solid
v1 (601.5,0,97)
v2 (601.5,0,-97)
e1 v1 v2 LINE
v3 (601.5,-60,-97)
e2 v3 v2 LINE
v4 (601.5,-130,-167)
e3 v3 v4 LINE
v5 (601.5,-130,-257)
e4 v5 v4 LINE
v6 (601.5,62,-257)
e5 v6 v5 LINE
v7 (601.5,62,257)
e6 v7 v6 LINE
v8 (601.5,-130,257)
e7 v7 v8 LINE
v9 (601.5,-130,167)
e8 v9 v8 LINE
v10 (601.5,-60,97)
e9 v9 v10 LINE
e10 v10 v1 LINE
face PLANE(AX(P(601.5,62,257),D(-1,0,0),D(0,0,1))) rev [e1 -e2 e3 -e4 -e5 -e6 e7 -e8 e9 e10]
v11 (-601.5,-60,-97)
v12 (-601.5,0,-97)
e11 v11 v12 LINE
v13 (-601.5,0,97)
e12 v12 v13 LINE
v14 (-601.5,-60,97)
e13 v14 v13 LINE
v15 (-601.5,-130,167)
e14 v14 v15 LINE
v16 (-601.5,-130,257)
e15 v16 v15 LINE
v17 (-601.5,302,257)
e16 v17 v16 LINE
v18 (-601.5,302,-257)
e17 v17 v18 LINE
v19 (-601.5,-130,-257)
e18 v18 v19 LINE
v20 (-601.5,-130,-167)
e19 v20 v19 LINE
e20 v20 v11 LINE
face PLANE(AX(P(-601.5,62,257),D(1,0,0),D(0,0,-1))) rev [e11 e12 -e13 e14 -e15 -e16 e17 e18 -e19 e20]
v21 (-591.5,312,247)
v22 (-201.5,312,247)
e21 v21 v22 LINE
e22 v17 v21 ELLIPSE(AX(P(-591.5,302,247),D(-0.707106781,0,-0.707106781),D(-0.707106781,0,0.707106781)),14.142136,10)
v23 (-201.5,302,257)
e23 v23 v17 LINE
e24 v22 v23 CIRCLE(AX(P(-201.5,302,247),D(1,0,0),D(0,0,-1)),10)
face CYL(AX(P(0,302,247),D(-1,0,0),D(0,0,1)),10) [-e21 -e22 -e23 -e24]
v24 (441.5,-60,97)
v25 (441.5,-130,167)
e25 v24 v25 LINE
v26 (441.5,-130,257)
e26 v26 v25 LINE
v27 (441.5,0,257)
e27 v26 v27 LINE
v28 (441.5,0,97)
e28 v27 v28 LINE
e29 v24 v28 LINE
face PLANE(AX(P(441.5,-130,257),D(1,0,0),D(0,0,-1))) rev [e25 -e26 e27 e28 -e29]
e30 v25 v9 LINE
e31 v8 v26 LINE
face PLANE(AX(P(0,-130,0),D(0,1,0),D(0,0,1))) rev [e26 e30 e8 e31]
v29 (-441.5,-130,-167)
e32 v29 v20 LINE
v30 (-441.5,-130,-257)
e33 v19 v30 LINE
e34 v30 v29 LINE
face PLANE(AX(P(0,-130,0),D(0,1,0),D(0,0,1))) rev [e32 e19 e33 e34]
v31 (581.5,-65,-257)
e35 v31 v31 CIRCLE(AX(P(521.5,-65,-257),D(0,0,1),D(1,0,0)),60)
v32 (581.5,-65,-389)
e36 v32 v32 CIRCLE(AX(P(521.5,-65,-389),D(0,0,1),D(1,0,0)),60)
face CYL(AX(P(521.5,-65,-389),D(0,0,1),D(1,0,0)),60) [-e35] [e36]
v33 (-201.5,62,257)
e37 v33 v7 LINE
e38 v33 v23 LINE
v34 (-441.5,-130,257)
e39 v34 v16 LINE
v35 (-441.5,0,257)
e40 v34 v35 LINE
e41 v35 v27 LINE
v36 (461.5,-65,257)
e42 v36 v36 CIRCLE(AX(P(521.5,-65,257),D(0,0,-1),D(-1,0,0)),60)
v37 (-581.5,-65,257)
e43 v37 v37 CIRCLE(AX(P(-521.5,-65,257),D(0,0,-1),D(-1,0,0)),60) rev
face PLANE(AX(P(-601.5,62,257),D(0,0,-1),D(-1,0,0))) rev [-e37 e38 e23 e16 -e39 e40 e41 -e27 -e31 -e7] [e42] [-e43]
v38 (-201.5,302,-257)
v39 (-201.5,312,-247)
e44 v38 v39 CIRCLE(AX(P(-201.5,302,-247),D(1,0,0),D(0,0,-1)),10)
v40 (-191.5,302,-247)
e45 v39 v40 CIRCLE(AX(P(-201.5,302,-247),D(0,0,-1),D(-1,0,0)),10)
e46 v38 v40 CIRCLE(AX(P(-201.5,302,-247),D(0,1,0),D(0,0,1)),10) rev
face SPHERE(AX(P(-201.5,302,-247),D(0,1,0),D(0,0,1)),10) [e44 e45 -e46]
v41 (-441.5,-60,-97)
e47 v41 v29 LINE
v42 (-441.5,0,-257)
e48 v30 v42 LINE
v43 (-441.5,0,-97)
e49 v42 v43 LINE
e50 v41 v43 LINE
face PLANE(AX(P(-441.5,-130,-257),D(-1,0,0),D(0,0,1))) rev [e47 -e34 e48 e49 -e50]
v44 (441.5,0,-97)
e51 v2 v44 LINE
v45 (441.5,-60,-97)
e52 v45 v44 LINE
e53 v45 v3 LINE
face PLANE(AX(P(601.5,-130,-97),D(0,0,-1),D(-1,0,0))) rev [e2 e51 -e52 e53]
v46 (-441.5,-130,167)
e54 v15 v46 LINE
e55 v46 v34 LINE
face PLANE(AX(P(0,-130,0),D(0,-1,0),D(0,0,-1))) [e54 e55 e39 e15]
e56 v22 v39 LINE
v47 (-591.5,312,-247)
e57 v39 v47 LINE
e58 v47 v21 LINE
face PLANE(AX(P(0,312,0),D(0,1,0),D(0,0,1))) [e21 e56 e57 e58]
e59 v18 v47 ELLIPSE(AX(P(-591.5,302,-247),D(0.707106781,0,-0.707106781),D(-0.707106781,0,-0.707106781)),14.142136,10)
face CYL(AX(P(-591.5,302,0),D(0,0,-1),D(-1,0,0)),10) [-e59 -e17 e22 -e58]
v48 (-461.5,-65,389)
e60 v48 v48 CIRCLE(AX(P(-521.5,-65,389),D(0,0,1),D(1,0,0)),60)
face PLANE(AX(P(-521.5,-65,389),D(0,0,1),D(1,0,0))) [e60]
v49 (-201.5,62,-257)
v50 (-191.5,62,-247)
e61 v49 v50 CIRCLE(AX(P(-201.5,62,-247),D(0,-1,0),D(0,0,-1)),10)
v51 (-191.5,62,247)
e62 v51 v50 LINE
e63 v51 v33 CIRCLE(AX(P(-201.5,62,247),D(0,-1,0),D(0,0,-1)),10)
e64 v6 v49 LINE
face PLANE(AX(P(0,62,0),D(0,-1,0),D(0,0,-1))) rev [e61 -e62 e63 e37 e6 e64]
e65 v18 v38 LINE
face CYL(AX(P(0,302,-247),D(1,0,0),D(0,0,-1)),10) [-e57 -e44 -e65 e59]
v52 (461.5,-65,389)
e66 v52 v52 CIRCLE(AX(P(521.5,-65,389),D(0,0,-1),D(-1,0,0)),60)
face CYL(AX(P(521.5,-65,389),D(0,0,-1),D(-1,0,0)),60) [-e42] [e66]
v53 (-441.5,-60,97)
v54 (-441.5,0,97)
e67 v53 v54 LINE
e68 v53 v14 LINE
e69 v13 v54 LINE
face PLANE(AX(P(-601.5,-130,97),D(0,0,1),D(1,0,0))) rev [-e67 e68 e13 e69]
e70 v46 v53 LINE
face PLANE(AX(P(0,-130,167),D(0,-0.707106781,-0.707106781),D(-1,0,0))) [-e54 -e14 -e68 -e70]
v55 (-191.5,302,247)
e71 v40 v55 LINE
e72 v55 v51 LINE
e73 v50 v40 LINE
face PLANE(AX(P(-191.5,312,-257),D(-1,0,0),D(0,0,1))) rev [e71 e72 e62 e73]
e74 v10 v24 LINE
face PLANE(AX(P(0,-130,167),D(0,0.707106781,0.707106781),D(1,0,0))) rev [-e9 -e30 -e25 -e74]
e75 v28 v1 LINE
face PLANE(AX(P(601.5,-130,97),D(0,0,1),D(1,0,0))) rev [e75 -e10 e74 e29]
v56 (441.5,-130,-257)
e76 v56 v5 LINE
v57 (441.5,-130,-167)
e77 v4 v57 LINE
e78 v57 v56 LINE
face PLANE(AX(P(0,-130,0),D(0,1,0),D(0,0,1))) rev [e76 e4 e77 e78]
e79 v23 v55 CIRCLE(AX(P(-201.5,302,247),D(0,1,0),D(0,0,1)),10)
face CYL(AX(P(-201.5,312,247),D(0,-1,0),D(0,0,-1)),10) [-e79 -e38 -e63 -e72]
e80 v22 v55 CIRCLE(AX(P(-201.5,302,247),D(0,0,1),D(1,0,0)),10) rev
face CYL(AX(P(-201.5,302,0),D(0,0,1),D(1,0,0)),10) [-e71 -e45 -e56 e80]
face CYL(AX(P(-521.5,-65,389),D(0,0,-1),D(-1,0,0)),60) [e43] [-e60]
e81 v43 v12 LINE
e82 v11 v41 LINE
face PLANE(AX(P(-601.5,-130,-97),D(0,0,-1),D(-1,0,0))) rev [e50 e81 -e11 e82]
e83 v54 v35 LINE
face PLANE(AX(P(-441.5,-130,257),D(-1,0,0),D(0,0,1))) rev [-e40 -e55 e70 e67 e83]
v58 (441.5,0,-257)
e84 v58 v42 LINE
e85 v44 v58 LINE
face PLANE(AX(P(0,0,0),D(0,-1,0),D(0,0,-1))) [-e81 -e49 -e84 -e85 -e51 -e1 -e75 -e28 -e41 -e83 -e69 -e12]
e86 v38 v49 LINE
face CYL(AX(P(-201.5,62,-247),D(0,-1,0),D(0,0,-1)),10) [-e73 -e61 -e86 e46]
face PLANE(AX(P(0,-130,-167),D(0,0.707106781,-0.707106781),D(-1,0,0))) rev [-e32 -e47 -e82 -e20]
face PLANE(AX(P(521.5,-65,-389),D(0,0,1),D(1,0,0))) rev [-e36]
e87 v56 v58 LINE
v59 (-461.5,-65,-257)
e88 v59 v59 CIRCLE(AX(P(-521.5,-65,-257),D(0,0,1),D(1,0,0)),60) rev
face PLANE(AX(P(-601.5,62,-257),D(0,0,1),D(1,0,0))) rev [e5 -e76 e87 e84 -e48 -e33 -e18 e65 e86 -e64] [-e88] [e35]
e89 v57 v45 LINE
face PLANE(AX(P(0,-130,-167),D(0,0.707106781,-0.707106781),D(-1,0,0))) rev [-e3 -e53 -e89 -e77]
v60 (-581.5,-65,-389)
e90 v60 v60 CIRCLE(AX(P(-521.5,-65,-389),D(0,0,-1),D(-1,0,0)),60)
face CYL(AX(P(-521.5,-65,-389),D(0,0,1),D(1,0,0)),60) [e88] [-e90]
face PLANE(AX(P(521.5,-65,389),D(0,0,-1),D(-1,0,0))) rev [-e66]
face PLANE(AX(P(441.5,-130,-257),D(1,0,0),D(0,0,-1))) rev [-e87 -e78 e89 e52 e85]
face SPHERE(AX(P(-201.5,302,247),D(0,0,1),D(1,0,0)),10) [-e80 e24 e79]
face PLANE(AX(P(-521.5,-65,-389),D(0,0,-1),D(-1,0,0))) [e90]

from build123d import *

# Parameters (mm, degrees)
SKETCH_1_W      = 1203
SKETCH_1_H      = 514
EXTRUDE_1_DEPTH = 62
SKETCH_2_W      = 410
SKETCH_2_H      = 514
EXTRUDE_2_DEPTH = 250
FILLET_1_R      = 10
SKETCH_3_W      = 160
SKETCH_3_H      = 160
EXTRUDE_3_DEPTH = 130
CHAMFER_1_SIZE  = 70
SKETCH_5_R      = 60
EXTRUDE_4_DEPTH = 132
SKETCH_4_R      = 60
EXTRUDE_5_DEPTH = 132


with BuildPart() as part:
    # Эскиз1 → Бобышка-Вытянуть1 (new body)
    with BuildSketch(Plane(origin=(0, 0, 0), x_dir=(1, 0, 0), z_dir=(0, 1, 0))):
        Rectangle(SKETCH_1_W, SKETCH_1_H)
    extrude(amount=EXTRUDE_1_DEPTH)

    # Эскиз2 → Бобышка-Вытянуть2 (add)
    with BuildSketch(Plane(origin=(0, 62, 0), x_dir=(1, 0, 0), z_dir=(0, 1, 0))):
        with Locations((-396.5, 0)):
            Rectangle(SKETCH_2_W, SKETCH_2_H)
    extrude(amount=EXTRUDE_2_DEPTH)

    # Скругление1
    fillet_1_edges = [part.edges().sort_by_distance(p)[0] for p in [
        (-191.5, 187, 257),
        (-191.5, 187, -257),
        (-601.5, 312, 0),
        (-396.5, 312, 257),
        (-191.5, 312, 0),
        (-396.5, 312, -257),
    ]]
    fillet(fillet_1_edges, radius=FILLET_1_R)

    # Эскиз3 → Бобышка-Вытянуть3 (add)
    with BuildSketch(Plane.XZ):
        with Locations((-521.5, 177)):
            Rectangle(SKETCH_3_W, SKETCH_3_H)
        with Locations((-521.5, -177)):
            Rectangle(SKETCH_3_W, SKETCH_3_H)
        with Locations((521.5, -177)):
            Rectangle(SKETCH_3_W, SKETCH_3_H)
        with Locations((521.5, 177)):
            Rectangle(SKETCH_3_W, SKETCH_3_H)
    extrude(amount=EXTRUDE_3_DEPTH)

    # Фаска1
    chamfer_1_edges = [part.edges().sort_by_distance(p)[0] for p in [
        (521.5, -130, 97),
        (-521.5, -130, 97),
        (-521.5, -130, -97),
        (521.5, -130, -97),
    ]]
    chamfer(chamfer_1_edges, length=CHAMFER_1_SIZE)

    # Эскиз5 → Бобышка-Вытянуть4 (add)
    with BuildSketch(Plane(origin=(0, 0, -257), x_dir=(-1, 0, 0), z_dir=(0, 0, -1))):
        with Locations((521.5, -65)):
            Circle(SKETCH_5_R)
        with Locations((-521.5, -65)):
            Circle(SKETCH_5_R)
    extrude(amount=EXTRUDE_4_DEPTH)

    # Эскиз4 → Бобышка-Вытянуть5 (add)
    with BuildSketch(Plane.XY.offset(257)):
        with Locations((-521.5, -65)):
            Circle(SKETCH_4_R)
        with Locations((521.5, -65)):
            Circle(SKETCH_4_R)
    extrude(amount=EXTRUDE_5_DEPTH)


solid = part.part
